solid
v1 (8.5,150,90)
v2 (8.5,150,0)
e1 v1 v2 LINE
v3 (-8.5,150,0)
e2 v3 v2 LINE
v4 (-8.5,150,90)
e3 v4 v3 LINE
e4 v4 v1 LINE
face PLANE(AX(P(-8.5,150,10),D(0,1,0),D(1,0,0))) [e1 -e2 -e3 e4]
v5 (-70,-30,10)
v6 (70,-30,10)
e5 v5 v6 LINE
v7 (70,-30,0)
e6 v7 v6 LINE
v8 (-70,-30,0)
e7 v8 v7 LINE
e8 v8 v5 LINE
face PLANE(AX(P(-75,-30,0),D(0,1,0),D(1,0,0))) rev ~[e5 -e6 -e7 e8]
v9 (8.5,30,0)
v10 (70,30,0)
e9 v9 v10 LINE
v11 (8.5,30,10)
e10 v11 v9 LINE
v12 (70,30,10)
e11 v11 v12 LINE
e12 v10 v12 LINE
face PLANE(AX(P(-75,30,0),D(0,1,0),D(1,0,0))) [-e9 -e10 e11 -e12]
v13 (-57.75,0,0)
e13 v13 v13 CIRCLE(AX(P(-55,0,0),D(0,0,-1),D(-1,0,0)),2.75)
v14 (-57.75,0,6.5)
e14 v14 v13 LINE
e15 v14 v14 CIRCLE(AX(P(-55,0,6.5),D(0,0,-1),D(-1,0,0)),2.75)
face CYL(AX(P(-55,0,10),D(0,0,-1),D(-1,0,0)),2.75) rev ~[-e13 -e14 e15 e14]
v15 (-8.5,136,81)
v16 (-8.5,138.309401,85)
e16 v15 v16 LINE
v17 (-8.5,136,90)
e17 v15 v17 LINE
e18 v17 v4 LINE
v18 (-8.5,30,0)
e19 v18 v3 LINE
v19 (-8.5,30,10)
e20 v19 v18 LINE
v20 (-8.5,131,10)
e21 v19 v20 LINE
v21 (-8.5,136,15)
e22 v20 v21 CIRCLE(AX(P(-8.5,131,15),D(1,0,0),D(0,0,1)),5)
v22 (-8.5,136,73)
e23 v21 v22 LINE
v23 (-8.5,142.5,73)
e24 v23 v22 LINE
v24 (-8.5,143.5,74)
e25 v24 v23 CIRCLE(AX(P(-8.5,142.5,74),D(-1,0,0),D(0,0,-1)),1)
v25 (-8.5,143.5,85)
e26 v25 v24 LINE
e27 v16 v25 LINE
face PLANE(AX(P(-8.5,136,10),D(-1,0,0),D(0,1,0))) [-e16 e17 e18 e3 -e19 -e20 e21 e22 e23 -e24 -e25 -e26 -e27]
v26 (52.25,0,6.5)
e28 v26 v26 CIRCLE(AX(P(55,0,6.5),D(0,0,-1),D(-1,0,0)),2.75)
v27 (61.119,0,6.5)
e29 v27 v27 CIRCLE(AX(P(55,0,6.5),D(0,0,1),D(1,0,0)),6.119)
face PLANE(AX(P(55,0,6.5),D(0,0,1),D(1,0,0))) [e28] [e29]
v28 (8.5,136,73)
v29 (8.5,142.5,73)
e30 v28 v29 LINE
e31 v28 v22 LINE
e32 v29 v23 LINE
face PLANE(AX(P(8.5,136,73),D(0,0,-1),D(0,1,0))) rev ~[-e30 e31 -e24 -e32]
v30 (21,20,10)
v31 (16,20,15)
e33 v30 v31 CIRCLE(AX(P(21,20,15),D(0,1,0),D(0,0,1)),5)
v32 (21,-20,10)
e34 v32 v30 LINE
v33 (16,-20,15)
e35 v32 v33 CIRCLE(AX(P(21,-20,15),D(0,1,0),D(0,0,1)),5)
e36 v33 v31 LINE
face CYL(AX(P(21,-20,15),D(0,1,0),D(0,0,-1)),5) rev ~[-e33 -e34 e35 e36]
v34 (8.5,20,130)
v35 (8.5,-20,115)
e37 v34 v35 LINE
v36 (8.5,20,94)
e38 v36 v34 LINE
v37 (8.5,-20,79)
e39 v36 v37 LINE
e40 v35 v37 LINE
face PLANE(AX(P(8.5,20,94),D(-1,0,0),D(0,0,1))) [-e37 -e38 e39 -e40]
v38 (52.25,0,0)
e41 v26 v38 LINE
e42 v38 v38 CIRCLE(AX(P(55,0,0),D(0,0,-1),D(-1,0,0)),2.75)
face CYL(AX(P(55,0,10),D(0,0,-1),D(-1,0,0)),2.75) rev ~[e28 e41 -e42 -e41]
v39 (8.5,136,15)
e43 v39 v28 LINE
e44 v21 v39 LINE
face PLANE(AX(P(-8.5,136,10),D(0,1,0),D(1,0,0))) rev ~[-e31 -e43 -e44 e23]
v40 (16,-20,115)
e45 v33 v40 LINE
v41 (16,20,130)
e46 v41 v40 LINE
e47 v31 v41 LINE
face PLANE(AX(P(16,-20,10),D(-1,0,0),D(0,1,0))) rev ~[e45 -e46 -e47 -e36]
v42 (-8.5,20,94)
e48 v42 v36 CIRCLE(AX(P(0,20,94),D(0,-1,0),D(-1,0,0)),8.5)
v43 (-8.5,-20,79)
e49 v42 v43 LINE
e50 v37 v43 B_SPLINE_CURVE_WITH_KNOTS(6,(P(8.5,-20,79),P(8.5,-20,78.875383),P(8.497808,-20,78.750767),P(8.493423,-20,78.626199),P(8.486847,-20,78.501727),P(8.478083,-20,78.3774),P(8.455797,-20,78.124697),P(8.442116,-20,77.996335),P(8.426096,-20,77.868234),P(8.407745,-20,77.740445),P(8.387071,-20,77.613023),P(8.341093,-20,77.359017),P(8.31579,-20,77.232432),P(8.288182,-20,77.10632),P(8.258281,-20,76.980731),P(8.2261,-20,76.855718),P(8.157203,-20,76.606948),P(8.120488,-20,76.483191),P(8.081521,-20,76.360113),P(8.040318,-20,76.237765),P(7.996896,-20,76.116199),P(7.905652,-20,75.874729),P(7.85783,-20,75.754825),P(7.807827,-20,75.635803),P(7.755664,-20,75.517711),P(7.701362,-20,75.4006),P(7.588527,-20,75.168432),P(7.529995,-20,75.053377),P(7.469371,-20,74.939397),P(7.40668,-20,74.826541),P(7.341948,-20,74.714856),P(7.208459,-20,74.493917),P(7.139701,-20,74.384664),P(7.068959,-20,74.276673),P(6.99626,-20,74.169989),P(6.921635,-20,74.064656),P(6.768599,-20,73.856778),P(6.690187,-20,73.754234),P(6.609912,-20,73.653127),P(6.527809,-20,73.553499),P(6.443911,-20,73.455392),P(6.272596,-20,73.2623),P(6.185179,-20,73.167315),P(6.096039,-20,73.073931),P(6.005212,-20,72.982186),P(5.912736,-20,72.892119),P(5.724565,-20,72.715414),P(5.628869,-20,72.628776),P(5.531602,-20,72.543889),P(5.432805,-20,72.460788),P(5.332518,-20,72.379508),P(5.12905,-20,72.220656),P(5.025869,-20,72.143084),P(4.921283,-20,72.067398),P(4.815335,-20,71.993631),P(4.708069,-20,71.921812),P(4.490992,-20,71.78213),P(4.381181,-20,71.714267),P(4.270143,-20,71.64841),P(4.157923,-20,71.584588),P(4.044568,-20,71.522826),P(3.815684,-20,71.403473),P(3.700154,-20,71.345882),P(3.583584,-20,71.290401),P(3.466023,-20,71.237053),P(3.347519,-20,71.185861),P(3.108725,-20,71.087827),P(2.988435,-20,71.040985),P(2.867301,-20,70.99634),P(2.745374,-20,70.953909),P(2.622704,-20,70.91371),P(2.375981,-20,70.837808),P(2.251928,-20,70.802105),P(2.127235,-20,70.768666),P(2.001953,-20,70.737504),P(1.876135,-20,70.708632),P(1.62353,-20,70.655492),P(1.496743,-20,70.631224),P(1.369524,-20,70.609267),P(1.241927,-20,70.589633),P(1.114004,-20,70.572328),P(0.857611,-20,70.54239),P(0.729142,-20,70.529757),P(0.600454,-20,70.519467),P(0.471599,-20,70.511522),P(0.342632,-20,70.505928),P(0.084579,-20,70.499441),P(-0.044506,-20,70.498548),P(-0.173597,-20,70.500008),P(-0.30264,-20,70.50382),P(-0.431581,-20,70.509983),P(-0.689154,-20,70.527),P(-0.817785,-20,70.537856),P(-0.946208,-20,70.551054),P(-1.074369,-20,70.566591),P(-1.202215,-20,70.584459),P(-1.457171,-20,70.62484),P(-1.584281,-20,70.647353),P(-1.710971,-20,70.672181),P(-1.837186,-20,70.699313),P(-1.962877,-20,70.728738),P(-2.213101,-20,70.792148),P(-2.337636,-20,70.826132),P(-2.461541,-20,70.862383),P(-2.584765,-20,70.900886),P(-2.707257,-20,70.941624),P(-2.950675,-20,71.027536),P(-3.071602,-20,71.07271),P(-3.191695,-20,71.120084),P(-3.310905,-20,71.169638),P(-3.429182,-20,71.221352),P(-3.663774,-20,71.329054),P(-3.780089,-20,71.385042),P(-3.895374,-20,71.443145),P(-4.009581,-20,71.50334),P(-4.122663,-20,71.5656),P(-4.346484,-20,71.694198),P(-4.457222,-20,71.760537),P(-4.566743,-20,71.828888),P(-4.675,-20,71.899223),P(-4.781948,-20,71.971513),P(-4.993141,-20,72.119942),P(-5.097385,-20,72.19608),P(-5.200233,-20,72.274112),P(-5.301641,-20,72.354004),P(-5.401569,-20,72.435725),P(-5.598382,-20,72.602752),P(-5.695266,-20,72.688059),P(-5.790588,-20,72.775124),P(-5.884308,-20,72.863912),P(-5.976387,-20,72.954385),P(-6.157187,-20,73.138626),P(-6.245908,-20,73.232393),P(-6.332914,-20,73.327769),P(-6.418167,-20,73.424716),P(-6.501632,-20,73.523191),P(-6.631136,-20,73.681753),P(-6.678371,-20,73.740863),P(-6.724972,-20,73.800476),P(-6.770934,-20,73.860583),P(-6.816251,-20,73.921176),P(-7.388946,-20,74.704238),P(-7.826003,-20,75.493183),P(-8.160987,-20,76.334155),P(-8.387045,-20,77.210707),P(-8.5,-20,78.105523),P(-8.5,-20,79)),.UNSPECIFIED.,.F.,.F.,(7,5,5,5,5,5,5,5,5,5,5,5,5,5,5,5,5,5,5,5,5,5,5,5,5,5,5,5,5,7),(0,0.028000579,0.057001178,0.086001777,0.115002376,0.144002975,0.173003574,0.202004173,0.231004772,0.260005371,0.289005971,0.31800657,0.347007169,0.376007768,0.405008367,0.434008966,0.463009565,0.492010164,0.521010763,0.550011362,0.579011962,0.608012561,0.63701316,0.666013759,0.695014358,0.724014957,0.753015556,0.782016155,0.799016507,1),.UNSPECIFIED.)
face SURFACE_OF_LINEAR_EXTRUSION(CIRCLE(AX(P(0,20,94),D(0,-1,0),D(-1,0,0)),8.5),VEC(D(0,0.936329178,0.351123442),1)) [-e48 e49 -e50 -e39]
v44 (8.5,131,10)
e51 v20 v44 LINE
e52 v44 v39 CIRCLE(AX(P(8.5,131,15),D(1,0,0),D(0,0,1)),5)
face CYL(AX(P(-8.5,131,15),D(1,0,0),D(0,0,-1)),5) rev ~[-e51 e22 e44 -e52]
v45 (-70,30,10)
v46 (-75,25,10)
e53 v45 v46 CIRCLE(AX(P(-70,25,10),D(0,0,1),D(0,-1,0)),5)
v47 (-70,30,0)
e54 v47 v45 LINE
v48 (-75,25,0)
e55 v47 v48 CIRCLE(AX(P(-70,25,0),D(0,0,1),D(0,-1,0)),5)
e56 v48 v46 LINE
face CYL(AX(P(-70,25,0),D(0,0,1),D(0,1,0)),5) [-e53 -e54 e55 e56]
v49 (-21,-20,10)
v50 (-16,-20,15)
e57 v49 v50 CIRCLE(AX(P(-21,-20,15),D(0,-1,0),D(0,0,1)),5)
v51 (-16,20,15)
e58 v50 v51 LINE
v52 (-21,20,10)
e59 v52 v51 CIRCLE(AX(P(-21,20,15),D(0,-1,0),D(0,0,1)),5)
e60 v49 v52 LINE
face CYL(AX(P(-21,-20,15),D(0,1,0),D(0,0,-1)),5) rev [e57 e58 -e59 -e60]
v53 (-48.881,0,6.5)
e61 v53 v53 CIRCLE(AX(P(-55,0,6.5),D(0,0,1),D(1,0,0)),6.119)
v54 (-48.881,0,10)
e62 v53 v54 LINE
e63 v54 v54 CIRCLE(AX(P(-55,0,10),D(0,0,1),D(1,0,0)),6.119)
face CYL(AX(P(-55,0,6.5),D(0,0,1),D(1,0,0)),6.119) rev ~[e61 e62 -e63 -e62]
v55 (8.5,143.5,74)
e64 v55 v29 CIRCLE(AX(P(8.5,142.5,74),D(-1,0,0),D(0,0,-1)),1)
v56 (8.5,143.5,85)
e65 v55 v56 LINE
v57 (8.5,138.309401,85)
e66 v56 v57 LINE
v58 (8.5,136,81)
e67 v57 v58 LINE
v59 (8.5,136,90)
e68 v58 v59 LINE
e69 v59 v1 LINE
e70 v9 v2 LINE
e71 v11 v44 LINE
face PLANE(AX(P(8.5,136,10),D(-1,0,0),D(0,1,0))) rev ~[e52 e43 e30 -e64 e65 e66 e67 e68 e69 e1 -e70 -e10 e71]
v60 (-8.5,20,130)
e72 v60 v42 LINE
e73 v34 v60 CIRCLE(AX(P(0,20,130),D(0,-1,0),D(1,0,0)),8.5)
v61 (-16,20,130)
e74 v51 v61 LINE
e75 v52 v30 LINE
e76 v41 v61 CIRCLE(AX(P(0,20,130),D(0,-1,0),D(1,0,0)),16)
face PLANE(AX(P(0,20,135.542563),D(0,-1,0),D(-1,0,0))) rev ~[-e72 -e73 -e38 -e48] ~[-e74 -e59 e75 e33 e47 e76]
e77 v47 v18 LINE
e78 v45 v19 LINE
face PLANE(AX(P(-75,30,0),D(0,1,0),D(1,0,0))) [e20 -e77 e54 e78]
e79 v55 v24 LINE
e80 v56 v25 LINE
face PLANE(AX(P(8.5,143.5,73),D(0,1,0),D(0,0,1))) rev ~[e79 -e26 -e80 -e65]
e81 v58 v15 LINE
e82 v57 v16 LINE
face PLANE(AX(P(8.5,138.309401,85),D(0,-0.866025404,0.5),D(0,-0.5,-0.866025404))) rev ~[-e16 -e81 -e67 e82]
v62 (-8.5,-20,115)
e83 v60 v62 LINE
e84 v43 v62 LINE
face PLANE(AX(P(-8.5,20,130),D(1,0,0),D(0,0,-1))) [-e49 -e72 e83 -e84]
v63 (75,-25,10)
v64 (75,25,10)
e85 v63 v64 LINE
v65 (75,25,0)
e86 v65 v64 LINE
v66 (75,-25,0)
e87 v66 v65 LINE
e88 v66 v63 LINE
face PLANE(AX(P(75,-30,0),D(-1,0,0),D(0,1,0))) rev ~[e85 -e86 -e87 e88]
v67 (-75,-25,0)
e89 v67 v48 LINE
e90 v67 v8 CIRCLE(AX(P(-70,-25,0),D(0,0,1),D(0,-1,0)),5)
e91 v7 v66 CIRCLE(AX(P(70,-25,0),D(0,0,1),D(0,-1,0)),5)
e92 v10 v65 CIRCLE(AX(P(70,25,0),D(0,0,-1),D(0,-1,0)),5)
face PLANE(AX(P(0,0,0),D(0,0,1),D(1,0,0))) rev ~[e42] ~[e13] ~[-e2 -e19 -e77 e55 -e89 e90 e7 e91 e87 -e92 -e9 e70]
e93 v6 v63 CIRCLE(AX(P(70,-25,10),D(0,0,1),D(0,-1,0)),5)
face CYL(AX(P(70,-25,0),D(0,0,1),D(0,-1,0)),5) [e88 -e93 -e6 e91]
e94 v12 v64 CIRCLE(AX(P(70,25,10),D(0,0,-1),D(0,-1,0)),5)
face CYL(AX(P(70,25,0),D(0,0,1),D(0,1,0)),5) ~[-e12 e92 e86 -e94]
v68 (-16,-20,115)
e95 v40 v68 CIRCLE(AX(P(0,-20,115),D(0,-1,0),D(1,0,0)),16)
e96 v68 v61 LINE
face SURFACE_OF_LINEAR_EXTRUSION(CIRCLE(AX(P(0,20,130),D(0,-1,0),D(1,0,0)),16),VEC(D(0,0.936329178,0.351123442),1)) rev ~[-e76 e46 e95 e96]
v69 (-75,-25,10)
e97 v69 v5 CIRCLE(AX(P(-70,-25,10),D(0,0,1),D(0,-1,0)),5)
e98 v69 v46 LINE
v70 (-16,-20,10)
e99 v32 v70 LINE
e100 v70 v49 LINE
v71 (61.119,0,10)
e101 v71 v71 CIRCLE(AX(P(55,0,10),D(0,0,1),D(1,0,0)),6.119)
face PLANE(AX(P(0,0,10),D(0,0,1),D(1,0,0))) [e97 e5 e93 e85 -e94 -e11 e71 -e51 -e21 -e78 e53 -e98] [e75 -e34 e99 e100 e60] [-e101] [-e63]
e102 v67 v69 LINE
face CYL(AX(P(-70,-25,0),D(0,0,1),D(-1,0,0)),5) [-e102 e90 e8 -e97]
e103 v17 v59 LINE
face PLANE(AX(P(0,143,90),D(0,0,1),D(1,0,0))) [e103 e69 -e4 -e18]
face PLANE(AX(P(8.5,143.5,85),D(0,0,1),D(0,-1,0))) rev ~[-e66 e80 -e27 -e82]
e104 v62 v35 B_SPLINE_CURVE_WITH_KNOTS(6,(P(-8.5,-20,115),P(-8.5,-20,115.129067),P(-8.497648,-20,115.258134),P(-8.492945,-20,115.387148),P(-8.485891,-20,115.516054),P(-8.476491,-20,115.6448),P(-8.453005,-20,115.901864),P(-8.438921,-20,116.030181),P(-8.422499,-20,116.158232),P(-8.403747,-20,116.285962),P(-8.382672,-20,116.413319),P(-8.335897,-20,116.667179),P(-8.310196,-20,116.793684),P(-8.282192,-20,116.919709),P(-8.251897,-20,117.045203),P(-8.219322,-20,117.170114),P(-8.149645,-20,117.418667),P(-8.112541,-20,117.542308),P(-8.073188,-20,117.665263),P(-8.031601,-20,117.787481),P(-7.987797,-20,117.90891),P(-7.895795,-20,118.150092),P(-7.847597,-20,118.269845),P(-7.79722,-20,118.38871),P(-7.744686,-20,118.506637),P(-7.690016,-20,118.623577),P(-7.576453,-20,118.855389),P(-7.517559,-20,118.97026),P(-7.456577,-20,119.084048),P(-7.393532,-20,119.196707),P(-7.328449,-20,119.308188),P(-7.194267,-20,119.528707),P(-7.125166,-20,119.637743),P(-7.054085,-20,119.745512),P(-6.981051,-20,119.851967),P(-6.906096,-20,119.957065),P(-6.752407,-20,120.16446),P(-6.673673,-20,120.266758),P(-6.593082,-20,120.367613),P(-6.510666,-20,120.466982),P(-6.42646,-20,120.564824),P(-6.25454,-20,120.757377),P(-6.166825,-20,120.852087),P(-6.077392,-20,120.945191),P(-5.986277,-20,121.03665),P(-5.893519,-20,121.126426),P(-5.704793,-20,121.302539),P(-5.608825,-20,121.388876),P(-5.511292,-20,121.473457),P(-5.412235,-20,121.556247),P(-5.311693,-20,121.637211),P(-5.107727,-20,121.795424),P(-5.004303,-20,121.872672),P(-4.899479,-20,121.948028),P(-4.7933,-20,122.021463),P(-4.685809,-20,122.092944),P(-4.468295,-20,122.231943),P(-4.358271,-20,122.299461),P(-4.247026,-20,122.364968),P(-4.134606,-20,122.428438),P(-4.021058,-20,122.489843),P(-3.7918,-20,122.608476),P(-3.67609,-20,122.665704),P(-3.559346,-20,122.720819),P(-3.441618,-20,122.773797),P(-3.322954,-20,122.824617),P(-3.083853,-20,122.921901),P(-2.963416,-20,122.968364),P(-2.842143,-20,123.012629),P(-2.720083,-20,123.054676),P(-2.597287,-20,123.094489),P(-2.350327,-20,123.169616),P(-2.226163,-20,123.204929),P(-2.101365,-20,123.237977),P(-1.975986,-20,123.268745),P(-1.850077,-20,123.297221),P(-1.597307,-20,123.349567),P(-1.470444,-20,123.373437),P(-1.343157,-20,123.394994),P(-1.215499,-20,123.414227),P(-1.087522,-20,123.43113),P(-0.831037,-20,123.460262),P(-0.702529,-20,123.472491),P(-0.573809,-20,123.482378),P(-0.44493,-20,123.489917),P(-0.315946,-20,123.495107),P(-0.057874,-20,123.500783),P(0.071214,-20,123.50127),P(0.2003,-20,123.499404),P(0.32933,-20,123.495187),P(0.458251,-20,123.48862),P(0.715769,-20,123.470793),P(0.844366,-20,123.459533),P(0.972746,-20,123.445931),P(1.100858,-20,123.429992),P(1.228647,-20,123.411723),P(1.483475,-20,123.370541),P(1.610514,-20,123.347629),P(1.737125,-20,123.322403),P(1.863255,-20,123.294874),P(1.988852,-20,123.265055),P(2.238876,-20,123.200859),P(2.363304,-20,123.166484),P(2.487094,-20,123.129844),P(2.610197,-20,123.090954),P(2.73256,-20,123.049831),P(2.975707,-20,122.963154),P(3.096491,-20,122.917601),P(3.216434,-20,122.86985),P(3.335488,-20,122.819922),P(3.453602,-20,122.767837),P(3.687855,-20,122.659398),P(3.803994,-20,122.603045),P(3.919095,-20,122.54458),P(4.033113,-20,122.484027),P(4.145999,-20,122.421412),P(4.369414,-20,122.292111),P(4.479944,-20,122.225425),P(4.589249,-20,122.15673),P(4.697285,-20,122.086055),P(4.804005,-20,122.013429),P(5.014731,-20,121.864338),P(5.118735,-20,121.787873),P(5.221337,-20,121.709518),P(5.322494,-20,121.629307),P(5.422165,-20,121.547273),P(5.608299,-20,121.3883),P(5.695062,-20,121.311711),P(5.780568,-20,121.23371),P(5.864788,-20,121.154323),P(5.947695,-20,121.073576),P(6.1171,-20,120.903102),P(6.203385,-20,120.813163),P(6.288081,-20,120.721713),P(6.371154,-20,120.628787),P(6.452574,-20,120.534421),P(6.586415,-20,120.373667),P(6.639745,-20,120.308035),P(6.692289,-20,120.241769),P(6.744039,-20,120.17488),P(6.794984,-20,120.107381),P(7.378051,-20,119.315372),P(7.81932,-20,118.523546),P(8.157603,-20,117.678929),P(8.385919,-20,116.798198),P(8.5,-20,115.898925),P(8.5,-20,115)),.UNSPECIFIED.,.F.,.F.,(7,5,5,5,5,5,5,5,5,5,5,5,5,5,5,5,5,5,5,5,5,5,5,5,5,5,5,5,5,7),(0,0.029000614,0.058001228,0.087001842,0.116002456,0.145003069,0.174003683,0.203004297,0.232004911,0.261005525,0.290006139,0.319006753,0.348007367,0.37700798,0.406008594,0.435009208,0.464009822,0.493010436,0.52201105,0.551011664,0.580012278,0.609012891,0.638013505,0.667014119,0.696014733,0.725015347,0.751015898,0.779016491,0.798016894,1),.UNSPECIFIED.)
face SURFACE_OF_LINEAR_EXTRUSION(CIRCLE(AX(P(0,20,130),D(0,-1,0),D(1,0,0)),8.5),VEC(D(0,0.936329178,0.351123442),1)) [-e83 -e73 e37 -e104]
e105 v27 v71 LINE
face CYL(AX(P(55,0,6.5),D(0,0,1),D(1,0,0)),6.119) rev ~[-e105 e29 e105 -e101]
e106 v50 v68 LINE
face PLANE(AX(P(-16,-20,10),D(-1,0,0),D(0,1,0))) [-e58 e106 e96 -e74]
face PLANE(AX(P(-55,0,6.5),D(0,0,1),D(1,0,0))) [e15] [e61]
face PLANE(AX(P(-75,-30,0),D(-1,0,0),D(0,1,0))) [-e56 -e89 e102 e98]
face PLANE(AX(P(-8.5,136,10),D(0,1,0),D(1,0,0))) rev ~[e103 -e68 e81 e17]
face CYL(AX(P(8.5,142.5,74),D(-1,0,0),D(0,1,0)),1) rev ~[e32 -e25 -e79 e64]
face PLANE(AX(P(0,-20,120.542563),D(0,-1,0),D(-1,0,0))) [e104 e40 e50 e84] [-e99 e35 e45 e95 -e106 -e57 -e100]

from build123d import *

# Parameters (mm, degrees)
SKETCH1_W                               = 150
SKETCH1_H                               = 60
BOSS_EXTRUDE1_DEPTH                     = 10
CBORE_FOR_M5_HEX_HEAD_BOLT1_D           = 5.5
CBORE_FOR_M5_HEX_HEAD_BOLT1_CBORE_D     = 12.238
CBORE_FOR_M5_HEX_HEAD_BOLT1_CBORE_DEPTH = 3.5
SKETCH4_W                               = 32
SKETCH4_H                               = 40
BOSS_EXTRUDE2_DEPTH                     = 120
CUT_EXTRUDE1_DEPTH                      = 120
BOSS_EXTRUDE3_DEPTH                     = 42.720018727
CUT_EXTRUDE2_DEPTH                      = 45.625
SKETCH10_W                              = 17
SKETCH10_H                              = 10
BOSS_EXTRUDE4_DEPTH                     = 120
SKETCH11_W                              = 17
SKETCH11_H                              = 14
BOSS_EXTRUDE5_DEPTH                     = 80
CUT_EXTRUDE3_DEPTH                      = 95
FILLET1_R                               = 5
FILLET2_R                               = 5
FILLET3_R                               = 5
FILLET4_R                               = 1


with BuildPart() as part:
    # Sketch1 → Boss-Extrude1 (new body)
    with BuildSketch(Plane.XY):
        Rectangle(SKETCH1_W, SKETCH1_H)
    extrude(amount=BOSS_EXTRUDE1_DEPTH)

    # CBORE for M5 Hex Head Bolt1 (through all)
    with Locations(Plane(origin=(-55, 0, 10), x_dir=(1, 0, 0), z_dir=(0, 0, 1))):
        with Locations((0, 0), (110, 0)):
            CounterBoreHole(CBORE_FOR_M5_HEX_HEAD_BOLT1_D / 2, CBORE_FOR_M5_HEX_HEAD_BOLT1_CBORE_D / 2, CBORE_FOR_M5_HEX_HEAD_BOLT1_CBORE_DEPTH)

    # Sketch4 → Boss-Extrude2 (add)
    with BuildSketch(Plane.XY.offset(10)):
        Rectangle(SKETCH4_W, SKETCH4_H)
    extrude(amount=BOSS_EXTRUDE2_DEPTH)

    # Sketch7 → Cut-Extrude1 (cut)
    with BuildSketch(Plane(origin=(16, 0, 0), x_dir=(0, 0, -1), z_dir=(1, 0, 0))):
        Polygon((-130, 20), (-115, -20), (-130, -20), align=None)
    extrude(amount=-CUT_EXTRUDE1_DEPTH, mode=Mode.SUBTRACT)

    # Sketch8 → Boss-Extrude3 (add, along a direction that is not the sketch's normal)
    with BuildSketch(Plane(origin=(0, 20, 0), x_dir=(1, 0, 0), z_dir=(0, 1, 0))):
        with BuildLine():
            Line((-16, -130), (16, -130))
            ThreePointArc((16, -130), (0, -146), (-16, -130))
        make_face()
    extrude(amount=-BOSS_EXTRUDE3_DEPTH, dir=(0, 0.9363291775690444, 0.351123441588392))

    # Sketch9 → Cut-Extrude2 (cut, along a direction that is not the sketch's normal)
    with BuildSketch(Plane(origin=(0, 20, 0), x_dir=(1, 0, 0), z_dir=(0, 1, 0))):
        with BuildLine():
            Line((8.5, -94), (8.5, -130))
            ThreePointArc((8.5, -130), (0, -138.5), (-8.5, -130))
            Line((-8.5, -130), (-8.5, -94))
            ThreePointArc((-8.5, -94), (0, -85.5), (8.5, -94))
        make_face()
    extrude(amount=-CUT_EXTRUDE2_DEPTH, dir=(0, 0.9363291775690444, 0.351123441588392), mode=Mode.SUBTRACT)

    # Sketch10 → Boss-Extrude4 (add)
    with BuildSketch(Plane(origin=(0, 30, 0), x_dir=(1, 0, 0), z_dir=(0, 1, 0))):
        with Locations((0, -5)):
            Rectangle(SKETCH10_W, SKETCH10_H)
    extrude(amount=BOSS_EXTRUDE4_DEPTH)

    # Sketch11 → Boss-Extrude5 (add)
    with BuildSketch(Plane.XY.offset(10)):
        with Locations((0, 143)):
            Rectangle(SKETCH11_W, SKETCH11_H)
    extrude(amount=BOSS_EXTRUDE5_DEPTH)

    # Sketch13 → Cut-Extrude3 (cut)
    with BuildSketch(Plane(origin=(8.5, 0, 0), x_dir=(0, 0, -1), z_dir=(1, 0, 0))):
        Polygon((-85, 143.5), (-85, 138.309401077), (-81, 136), (-73, 136), (-73, 143.5), align=None)
    extrude(amount=-CUT_EXTRUDE3_DEPTH, mode=Mode.SUBTRACT)

    # Fillet1
    fillet1_edges = [part.edges().sort_by_distance(p)[0] for p in [
        (0, 136, 10),
    ]]
    fillet(fillet1_edges, radius=FILLET1_R)

    # Fillet2
    fillet2_edges = [part.edges().sort_by_distance(p)[0] for p in [
        (75, -30, 5),
        (-75, -30, 5),
        (-75, 30, 5),
        (75, 30, 5),
    ]]
    fillet(fillet2_edges, radius=FILLET2_R)

    # Fillet3
    fillet3_edges = [part.edges().sort_by_distance(p)[0] for p in [
        (16, 0, 10),
        (-16, 0, 10),
    ]]
    fillet(fillet3_edges, radius=FILLET3_R)

    # Fillet4
    fillet4_edges = [part.edges().sort_by_distance(p)[0] for p in [
        (0, 143.5, 73),
    ]]
    fillet(fillet4_edges, radius=FILLET4_R)


solid = part.part
